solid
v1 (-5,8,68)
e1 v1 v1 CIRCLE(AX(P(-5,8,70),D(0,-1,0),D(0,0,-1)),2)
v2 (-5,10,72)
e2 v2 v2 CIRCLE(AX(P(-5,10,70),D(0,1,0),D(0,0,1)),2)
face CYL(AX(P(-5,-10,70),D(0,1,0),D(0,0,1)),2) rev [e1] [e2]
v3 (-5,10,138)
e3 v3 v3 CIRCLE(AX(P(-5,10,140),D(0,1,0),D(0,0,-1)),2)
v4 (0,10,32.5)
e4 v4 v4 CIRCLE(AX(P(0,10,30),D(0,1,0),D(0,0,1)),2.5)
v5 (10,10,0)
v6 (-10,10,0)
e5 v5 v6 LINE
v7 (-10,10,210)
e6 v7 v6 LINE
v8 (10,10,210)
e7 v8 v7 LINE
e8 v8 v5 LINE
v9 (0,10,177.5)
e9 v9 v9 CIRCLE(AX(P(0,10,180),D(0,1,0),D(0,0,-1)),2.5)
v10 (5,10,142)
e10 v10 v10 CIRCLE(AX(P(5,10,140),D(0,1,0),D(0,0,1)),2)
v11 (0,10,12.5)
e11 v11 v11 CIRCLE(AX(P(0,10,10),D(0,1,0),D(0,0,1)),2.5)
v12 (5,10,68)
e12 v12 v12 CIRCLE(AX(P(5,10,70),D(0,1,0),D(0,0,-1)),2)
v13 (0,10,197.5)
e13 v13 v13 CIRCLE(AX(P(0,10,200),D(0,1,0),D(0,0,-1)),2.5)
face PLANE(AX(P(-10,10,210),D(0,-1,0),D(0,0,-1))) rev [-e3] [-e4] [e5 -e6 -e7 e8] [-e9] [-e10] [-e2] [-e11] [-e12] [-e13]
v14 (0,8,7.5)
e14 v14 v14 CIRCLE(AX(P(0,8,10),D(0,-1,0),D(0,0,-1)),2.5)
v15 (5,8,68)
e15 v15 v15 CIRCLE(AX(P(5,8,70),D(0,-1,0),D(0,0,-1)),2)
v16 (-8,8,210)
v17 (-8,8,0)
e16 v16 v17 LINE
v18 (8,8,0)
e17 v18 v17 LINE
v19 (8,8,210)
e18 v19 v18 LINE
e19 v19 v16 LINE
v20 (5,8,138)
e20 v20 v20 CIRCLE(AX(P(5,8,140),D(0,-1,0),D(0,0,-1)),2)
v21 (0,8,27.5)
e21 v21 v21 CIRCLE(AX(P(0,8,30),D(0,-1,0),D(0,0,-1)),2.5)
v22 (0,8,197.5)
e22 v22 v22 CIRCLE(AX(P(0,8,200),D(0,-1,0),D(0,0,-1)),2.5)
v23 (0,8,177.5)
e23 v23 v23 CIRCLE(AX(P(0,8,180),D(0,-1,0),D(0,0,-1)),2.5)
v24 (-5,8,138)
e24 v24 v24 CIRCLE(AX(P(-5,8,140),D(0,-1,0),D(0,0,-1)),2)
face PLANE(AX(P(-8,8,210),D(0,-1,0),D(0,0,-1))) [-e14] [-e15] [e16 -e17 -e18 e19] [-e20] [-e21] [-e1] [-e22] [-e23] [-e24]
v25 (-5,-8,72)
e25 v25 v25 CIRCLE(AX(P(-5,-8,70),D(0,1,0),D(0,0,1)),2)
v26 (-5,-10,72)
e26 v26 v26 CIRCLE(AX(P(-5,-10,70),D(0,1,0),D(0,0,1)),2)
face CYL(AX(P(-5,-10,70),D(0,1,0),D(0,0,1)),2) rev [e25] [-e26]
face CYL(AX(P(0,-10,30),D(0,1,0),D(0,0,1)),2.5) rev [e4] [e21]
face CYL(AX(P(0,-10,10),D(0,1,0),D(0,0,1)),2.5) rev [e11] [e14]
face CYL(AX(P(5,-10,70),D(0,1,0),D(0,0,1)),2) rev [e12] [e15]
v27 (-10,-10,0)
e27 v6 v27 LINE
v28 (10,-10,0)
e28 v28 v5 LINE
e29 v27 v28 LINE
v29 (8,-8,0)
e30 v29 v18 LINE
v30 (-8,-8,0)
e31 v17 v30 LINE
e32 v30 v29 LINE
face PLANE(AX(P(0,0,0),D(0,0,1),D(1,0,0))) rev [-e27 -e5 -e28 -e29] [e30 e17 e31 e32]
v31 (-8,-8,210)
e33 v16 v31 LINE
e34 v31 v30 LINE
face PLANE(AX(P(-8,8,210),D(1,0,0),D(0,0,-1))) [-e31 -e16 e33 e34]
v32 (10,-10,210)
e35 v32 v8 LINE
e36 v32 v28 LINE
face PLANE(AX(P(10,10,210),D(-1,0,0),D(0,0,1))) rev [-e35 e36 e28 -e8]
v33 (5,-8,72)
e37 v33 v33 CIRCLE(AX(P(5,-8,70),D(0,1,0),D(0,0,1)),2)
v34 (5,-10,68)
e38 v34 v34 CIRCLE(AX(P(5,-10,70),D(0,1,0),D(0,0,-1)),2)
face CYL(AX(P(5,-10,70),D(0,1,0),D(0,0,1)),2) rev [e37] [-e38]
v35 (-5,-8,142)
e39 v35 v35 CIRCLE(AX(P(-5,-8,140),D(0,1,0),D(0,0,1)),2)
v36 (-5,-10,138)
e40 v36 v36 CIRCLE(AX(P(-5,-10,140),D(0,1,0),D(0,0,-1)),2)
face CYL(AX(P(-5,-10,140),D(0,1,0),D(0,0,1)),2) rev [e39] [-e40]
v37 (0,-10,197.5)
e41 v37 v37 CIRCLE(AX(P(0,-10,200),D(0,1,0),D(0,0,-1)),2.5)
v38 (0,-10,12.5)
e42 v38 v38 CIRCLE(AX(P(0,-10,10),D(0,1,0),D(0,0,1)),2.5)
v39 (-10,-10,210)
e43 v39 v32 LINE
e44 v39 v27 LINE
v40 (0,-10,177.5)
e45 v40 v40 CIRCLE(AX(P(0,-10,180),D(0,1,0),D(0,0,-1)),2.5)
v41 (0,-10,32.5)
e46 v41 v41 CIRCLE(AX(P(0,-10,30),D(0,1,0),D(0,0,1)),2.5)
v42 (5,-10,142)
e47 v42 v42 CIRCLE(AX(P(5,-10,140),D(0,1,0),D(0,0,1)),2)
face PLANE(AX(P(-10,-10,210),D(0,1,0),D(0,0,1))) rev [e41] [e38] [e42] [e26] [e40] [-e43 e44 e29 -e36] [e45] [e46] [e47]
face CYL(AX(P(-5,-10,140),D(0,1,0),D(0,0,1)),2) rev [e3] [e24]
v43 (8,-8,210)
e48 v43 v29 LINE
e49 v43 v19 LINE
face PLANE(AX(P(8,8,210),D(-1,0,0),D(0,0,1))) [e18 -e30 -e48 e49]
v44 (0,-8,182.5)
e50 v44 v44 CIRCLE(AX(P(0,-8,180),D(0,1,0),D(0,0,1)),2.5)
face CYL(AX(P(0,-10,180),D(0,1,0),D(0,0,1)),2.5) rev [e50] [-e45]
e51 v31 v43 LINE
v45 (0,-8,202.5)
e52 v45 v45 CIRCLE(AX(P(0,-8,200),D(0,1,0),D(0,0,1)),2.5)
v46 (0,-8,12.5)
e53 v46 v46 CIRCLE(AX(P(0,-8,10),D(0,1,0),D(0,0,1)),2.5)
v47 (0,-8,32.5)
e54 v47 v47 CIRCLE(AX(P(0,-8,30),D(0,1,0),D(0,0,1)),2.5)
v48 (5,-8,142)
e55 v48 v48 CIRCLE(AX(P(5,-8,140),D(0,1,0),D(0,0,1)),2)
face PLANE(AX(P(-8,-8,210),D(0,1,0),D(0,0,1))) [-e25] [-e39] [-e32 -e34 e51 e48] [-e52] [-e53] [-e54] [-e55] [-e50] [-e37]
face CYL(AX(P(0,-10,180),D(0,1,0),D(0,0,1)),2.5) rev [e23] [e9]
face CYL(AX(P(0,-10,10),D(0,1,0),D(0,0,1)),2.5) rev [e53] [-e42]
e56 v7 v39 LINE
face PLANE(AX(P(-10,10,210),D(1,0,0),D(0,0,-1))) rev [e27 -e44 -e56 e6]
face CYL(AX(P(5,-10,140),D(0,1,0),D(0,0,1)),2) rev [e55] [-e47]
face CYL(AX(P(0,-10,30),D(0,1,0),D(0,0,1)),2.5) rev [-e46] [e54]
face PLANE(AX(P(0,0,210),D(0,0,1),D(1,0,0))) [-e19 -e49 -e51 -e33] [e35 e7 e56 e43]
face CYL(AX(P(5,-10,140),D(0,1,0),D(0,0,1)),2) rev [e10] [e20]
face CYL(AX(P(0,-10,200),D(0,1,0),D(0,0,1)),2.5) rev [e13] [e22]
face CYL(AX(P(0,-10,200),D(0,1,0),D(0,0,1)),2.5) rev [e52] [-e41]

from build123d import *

# Parameters (mm, degrees)
SKETCH1_W           = 20
SKETCH1_H           = 20
SKETCH1_W_2         = 16
SKETCH1_H_2         = 16
BOSS_EXTRUDE1_DEPTH = 210
SKETCH2_R           = 2.5
CUT_EXTRUDE1_DEPTH  = 212.187120819
SKETCH3_R           = 2
CUT_EXTRUDE2_DEPTH  = 212.187120819


with BuildPart() as part:
    # Sketch1 → Boss-Extrude1 (new body)
    with BuildSketch(Plane.XY):
        Rectangle(SKETCH1_W, SKETCH1_H)
        Rectangle(SKETCH1_W_2, SKETCH1_H_2, mode=Mode.SUBTRACT)
    extrude(amount=BOSS_EXTRUDE1_DEPTH)

    # Sketch2 → Cut-Extrude1 (cut, through all)
    with BuildSketch(Plane(origin=(0, 10, 0), x_dir=(1, 0, 0), z_dir=(0, 1, 0))):
        with Locations(Location((0, -10, 0), (0, 0, 270))):
            Circle(SKETCH2_R)
        with Locations(Location((0, -30, 0), (0, 0, 270))):
            Circle(SKETCH2_R)
        with Locations(Location((0, -200, 0), (0, 0, 270))):
            Circle(SKETCH2_R)
        with Locations(Location((0, -180, 0), (0, 0, 270))):
            Circle(SKETCH2_R)
    extrude(amount=-CUT_EXTRUDE1_DEPTH, mode=Mode.SUBTRACT)

    # Sketch3 → Cut-Extrude2 (cut, through all)
    with BuildSketch(Plane(origin=(0, 10, 0), x_dir=(1, 0, 0), z_dir=(0, 1, 0))):
        with Locations(Location((-5, -70, 0), (0, 0, 270))):
            Circle(SKETCH3_R)
        with Locations(Location((5, -70, 0), (0, 0, 270))):
            Circle(SKETCH3_R)
        with Locations(Location((5, -140, 0), (0, 0, 270))):
            Circle(SKETCH3_R)
        with Locations(Location((-5, -140, 0), (0, 0, 270))):
            Circle(SKETCH3_R)
    extrude(amount=-CUT_EXTRUDE2_DEPTH, mode=Mode.SUBTRACT)


solid = part.part
